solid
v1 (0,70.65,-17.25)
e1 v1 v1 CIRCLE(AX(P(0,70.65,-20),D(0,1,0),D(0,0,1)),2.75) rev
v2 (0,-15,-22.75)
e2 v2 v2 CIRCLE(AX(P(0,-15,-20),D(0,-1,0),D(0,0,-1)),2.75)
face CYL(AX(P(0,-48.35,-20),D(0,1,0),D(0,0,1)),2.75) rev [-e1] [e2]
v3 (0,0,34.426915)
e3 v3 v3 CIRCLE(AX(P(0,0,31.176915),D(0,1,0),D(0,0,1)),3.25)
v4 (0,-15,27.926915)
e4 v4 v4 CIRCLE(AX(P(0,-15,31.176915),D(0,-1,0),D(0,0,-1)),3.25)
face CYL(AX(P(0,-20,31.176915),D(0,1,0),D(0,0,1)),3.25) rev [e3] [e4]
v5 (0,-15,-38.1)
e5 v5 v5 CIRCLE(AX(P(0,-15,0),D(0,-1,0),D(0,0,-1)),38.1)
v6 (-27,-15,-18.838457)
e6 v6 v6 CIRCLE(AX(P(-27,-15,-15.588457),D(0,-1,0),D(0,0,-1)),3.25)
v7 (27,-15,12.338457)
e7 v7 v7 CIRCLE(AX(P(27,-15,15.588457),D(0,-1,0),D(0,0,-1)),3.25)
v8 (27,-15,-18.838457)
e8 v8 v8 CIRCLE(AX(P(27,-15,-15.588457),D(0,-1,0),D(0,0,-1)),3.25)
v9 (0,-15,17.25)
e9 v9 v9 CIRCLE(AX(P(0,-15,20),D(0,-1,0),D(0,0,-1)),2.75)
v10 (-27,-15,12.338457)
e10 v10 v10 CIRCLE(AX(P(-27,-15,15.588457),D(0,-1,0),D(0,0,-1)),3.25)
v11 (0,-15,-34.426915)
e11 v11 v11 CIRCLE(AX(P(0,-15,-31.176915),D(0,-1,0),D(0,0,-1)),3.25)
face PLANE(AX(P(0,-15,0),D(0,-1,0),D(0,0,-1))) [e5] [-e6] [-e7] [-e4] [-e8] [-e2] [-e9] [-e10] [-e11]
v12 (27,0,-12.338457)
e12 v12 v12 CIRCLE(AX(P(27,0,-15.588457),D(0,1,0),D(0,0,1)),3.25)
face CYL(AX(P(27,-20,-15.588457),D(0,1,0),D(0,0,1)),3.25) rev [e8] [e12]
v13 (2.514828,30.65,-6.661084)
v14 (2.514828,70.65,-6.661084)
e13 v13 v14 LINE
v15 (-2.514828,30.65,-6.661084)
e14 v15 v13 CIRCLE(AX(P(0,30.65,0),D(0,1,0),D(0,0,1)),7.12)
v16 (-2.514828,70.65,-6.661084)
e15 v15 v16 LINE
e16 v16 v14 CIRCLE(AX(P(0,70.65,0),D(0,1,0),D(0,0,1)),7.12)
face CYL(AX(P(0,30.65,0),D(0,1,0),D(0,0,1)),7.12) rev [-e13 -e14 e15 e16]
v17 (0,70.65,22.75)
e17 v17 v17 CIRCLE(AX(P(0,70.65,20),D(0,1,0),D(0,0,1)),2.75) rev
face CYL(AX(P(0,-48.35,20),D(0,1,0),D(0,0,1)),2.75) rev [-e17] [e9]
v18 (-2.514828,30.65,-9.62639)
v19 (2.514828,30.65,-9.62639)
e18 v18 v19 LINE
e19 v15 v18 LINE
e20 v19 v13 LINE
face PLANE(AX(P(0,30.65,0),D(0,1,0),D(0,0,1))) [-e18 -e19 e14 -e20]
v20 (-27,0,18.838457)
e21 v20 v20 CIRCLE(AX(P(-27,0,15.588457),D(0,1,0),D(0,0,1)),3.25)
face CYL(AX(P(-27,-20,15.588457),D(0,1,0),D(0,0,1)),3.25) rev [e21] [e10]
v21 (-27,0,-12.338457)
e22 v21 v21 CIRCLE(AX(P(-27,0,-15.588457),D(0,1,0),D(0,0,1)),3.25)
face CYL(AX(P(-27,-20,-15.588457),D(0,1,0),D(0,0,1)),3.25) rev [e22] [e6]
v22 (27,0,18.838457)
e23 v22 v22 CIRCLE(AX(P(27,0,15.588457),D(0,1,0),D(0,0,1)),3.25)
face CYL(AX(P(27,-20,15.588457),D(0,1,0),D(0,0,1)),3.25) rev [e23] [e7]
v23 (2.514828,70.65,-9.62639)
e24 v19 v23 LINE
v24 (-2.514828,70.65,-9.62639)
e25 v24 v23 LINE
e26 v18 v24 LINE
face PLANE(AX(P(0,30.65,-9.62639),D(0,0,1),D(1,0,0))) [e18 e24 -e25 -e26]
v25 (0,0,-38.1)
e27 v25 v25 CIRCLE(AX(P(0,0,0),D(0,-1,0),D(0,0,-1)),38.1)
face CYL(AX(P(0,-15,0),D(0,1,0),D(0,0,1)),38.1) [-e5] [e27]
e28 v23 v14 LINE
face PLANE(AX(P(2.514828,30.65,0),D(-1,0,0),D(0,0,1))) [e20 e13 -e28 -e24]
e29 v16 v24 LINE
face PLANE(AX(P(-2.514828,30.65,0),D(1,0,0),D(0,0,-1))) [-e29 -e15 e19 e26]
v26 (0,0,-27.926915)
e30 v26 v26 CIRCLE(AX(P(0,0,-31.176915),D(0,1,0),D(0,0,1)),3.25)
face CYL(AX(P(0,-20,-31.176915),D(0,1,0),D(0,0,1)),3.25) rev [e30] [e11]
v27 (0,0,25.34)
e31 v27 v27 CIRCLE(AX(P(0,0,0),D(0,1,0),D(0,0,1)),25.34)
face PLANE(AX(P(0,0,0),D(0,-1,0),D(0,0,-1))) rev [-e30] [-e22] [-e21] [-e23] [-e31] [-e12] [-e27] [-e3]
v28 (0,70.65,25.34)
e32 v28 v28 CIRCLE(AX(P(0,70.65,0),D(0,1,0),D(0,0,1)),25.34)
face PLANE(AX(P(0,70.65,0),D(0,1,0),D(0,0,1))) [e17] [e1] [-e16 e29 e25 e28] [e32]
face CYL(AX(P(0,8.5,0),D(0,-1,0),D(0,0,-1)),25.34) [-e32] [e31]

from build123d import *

# Parameters (mm, degrees)
SKETCH1_R           = 25.34
BOSS_EXTRUDE1_DEPTH = 8.5
SKETCH2_R           = 25.34
BOSS_EXTRUDE2_DEPTH = 57.15
SKETCH7_R           = 25.34
BOSS_EXTRUDE4_DEPTH = 15
CUT_EXTRUDE3_DEPTH  = 115
SKETCH6_R           = 38.1
BOSS_EXTRUDE3_DEPTH = 15
CUT_EXTRUDE4_DEPTH  = 20
SKETCH10_R          = 2.75
CUT_EXTRUDE6_DEPTH  = 129
BOSS_EXTRUDE5_START = -93
BOSS_EXTRUDE5_DEPTH = 93
CUT_EXTRUDE8_START  = -10
SKETCH12_R          = 25.34
CUT_EXTRUDE8_DEPTH  = 10
SKETCH13_R          = 7.12
CUT_EXTRUDE9_DEPTH  = 40


with BuildPart() as part:
    # Sketch1 → Boss-Extrude1 (new body)
    with BuildSketch(Plane(origin=(0, 0, 0), x_dir=(1, 0, 0), z_dir=(0, 1, 0))):
        with Locations(Location((0, 0, 0), (0, 0, 270))):
            Circle(SKETCH1_R)
    extrude(amount=BOSS_EXTRUDE1_DEPTH)

    # Sketch2 → Boss-Extrude2 (add)
    with BuildSketch(Plane(origin=(0, 8.5, 0), x_dir=(1, 0, 0), z_dir=(0, 1, 0))):
        with Locations(Location((0, 0, 0), (0, 0, 270))):
            Circle(SKETCH2_R)
    extrude(amount=BOSS_EXTRUDE2_DEPTH)

    # Sketch7 → Boss-Extrude4 (add)
    with BuildSketch(Plane(origin=(0, 65.65, 0), x_dir=(1, 0, 0), z_dir=(0, 1, 0))):
        with Locations(Location((0, 0, 0), (0, 0, 270))):
            Circle(SKETCH7_R)
    extrude(amount=BOSS_EXTRUDE4_DEPTH)

    # Sketch5 → Cut-Extrude3 (cut)
    with BuildSketch(Plane.XZ):
        with BuildLine():
            ThreePointArc((2.575, 6.777305881), (0, 7.25), (-2.575, 6.777305881))
            Line((-2.575, 6.777305881), (-2.575, 4))
            Line((-2.575, 4), (2.575, 4))
            Line((2.575, 4), (2.575, 6.777305881))
        make_face()
        with BuildLine():
            Line((-2.575, 4), (-2.575, 6.777305881))
            ThreePointArc((-2.575, 6.777305881), (-4.116658232, -5.96788279), (7.25, 0))
            ThreePointArc((7.25, 0), (5.96788279, 4.116658232), (2.575, 6.777305881))
            Line((2.575, 6.777305881), (2.575, 4))
            Line((2.575, 4), (-2.575, 4))
        make_face()
        with BuildLine():
            Line((2.575, 9.15), (-2.575, 9.15))
            Line((-2.575, 9.15), (-2.575, 6.777305881))
            ThreePointArc((-2.575, 6.777305881), (0, 7.25), (2.575, 6.777305881))
            Line((2.575, 6.777305881), (2.575, 9.15))
        make_face()
    extrude(amount=-CUT_EXTRUDE3_DEPTH, mode=Mode.SUBTRACT)

    # Sketch6 → Boss-Extrude3 (add)
    with BuildSketch(Plane.XZ):
        with Locations(Location((0, 0, 0), (0, 0, 270))):
            Circle(SKETCH6_R)
    extrude(amount=BOSS_EXTRUDE3_DEPTH)

    # Sketch9 → Cut-Extrude4 (cut)
    with BuildSketch(Plane(origin=(0, 0, 0), x_dir=(1, 0, 0), z_dir=(0, 1, 0))):
        with BuildLine():
            ThreePointArc((-23.75, 15.588457268), (-23.860741065, 16.429619165), (-24.185417438, 17.213457268))
            Line((-24.185417438, 17.213457268), (-27, 15.588457268))
            Line((-27, 15.588457268), (-27, 12.338457268))
            ThreePointArc((-27, 12.338457268), (-24.701902961, 13.290360229), (-23.75, 15.588457268))
        make_face()
        with BuildLine():
            Line((-27, 15.588457268), (-24.185417438, 17.213457268))
            ThreePointArc((-24.185417438, 17.213457268), (-29.814582562, 17.213457268), (-27, 12.338457268))
            Line((-27, 12.338457268), (-27, 15.588457268))
        make_face()
        with BuildLine():
            Line((2.814582562, 29.551914536), (0, 31.176914536))
            Line((0, 31.176914536), (-2.814582562, 29.551914536))
            ThreePointArc((-2.814582562, 29.551914536), (0, 27.926914536), (2.814582562, 29.551914536))
        make_face()
        with BuildLine():
            Line((-2.814582562, 29.551914536), (0, 31.176914536))
            Line((0, 31.176914536), (2.814582562, 29.551914536))
            ThreePointArc((2.814582562, 29.551914536), (3.139258935, 30.33575264), (3.25, 31.176914536))
            ThreePointArc((3.25, 31.176914536), (-0.841161897, 34.316173472), (-2.814582562, 29.551914536))
        make_face()
        with BuildLine():
            ThreePointArc((30.25, 15.588457268), (27.841161897, 18.727716204), (24.185417438, 17.213457268))
            Line((24.185417438, 17.213457268), (27, 15.588457268))
            Line((27, 15.588457268), (27, 12.338457268))
            ThreePointArc((27, 12.338457268), (29.298097039, 13.290360229), (30.25, 15.588457268))
        make_face()
        with BuildLine():
            Line((27, 15.588457268), (24.185417438, 17.213457268))
            ThreePointArc((24.185417438, 17.213457268), (24.185417438, 13.963457268), (27, 12.338457268))
            Line((27, 12.338457268), (27, 15.588457268))
        make_face()
        with BuildLine():
            ThreePointArc((30.25, -15.588457268), (29.298097039, -13.290360229), (27, -12.338457268))
            Line((27, -12.338457268), (27, -15.588457268))
            Line((27, -15.588457268), (24.185417438, -17.213457268))
            ThreePointArc((24.185417438, -17.213457268), (27.841161897, -18.727716204), (30.25, -15.588457268))
        make_face()
        with BuildLine():
            Line((27, -15.588457268), (27, -12.338457268))
            ThreePointArc((27, -12.338457268), (24.185417438, -13.963457268), (24.185417438, -17.213457268))
            Line((24.185417438, -17.213457268), (27, -15.588457268))
        make_face()
        with BuildLine():
            ThreePointArc((2.814582562, -29.551914536), (0, -27.926914536), (-2.814582562, -29.551914536))
            Line((-2.814582562, -29.551914536), (0, -31.176914536))
            Line((0, -31.176914536), (2.814582562, -29.551914536))
        make_face()
        with BuildLine():
            Line((0, -31.176914536), (-2.814582562, -29.551914536))
            ThreePointArc((-2.814582562, -29.551914536), (-0.841161897, -34.316173472), (3.25, -31.176914536))
            ThreePointArc((3.25, -31.176914536), (3.139258935, -30.33575264), (2.814582562, -29.551914536))
            Line((2.814582562, -29.551914536), (0, -31.176914536))
        make_face()
        with BuildLine():
            ThreePointArc((-23.75, -15.588457268), (-24.701902961, -13.290360229), (-27, -12.338457268))
            Line((-27, -12.338457268), (-27, -15.588457268))
            Line((-27, -15.588457268), (-24.185417438, -17.213457268))
            ThreePointArc((-24.185417438, -17.213457268), (-23.860741065, -16.429619165), (-23.75, -15.588457268))
        make_face()
        with BuildLine():
            Line((-27, -15.588457268), (-27, -12.338457268))
            ThreePointArc((-27, -12.338457268), (-29.814582562, -17.213457268), (-24.185417438, -17.213457268))
            Line((-24.185417438, -17.213457268), (-27, -15.588457268))
        make_face()
    extrude(amount=-CUT_EXTRUDE4_DEPTH, mode=Mode.SUBTRACT)

    # Sketch10 → Cut-Extrude6 (cut)
    with BuildSketch(Plane(origin=(0, 80.65, 0), x_dir=(1, 0, 0), z_dir=(0, 1, 0))):
        with Locations(Location((0, 20, 0), (0, 0, 270))):
            Circle(SKETCH10_R)
        with Locations(Location((0, -20, 0), (0, 0, 270))):
            Circle(SKETCH10_R)
    extrude(amount=-CUT_EXTRUDE6_DEPTH, mode=Mode.SUBTRACT)

    # Sketch11 → Boss-Extrude5 (add)
    with BuildSketch(Plane(origin=(0, 80.65, 0), x_dir=(1, 0, 0), z_dir=(0, 1, 0)).offset(BOSS_EXTRUDE5_START)):
        with BuildLine():
            Line((-2.575, -6.777305881), (-2.575, -9.15))
            Line((-2.575, -9.15), (0, -9.15))
            Line((0, -9.15), (2.575, -9.15))
            Line((2.575, -9.15), (2.575, -6.777305881))
            ThreePointArc((2.575, -6.777305881), (0, 7.25), (-2.575, -6.777305881))
        make_face()
    extrude(amount=BOSS_EXTRUDE5_DEPTH)

    # Sketch12 → Cut-Extrude8 (cut)
    with BuildSketch(Plane(origin=(0, 80.65, 0), x_dir=(1, 0, 0), z_dir=(0, 1, 0)).offset(CUT_EXTRUDE8_START)):
        with Locations(Location((0, 0, 0), (0, 0, 270))):
            Circle(SKETCH12_R)
    extrude(amount=CUT_EXTRUDE8_DEPTH, mode=Mode.SUBTRACT)

    # Sketch13 → Cut-Extrude9 (cut)
    with BuildSketch(Plane(origin=(0, 70.65, 0), x_dir=(1, 0, 0), z_dir=(0, 1, 0))):
        Polygon((2.51482759, 9.62638963), (2.51482759, 7.12), (0, 7.12), (-2.51482759, 7.12), (-2.51482759, 9.62638963), align=None)
        Circle(SKETCH13_R)
        with BuildLine():
            ThreePointArc((-2.51482759, 6.66108416), (-1.278178543, 7.004331489), (0, 7.12))
            Line((0, 7.12), (-2.51482759, 7.12))
            Line((-2.51482759, 7.12), (-2.51482759, 6.66108416))
        make_face()
        with BuildLine():
            Line((2.51482759, 7.12), (0, 7.12))
            ThreePointArc((0, 7.12), (1.278178543, 7.004331489), (2.51482759, 6.66108416))
            Line((2.51482759, 6.66108416), (2.51482759, 7.12))
        make_face()
    extrude(amount=-CUT_EXTRUDE9_DEPTH, mode=Mode.SUBTRACT)


solid = part.part
